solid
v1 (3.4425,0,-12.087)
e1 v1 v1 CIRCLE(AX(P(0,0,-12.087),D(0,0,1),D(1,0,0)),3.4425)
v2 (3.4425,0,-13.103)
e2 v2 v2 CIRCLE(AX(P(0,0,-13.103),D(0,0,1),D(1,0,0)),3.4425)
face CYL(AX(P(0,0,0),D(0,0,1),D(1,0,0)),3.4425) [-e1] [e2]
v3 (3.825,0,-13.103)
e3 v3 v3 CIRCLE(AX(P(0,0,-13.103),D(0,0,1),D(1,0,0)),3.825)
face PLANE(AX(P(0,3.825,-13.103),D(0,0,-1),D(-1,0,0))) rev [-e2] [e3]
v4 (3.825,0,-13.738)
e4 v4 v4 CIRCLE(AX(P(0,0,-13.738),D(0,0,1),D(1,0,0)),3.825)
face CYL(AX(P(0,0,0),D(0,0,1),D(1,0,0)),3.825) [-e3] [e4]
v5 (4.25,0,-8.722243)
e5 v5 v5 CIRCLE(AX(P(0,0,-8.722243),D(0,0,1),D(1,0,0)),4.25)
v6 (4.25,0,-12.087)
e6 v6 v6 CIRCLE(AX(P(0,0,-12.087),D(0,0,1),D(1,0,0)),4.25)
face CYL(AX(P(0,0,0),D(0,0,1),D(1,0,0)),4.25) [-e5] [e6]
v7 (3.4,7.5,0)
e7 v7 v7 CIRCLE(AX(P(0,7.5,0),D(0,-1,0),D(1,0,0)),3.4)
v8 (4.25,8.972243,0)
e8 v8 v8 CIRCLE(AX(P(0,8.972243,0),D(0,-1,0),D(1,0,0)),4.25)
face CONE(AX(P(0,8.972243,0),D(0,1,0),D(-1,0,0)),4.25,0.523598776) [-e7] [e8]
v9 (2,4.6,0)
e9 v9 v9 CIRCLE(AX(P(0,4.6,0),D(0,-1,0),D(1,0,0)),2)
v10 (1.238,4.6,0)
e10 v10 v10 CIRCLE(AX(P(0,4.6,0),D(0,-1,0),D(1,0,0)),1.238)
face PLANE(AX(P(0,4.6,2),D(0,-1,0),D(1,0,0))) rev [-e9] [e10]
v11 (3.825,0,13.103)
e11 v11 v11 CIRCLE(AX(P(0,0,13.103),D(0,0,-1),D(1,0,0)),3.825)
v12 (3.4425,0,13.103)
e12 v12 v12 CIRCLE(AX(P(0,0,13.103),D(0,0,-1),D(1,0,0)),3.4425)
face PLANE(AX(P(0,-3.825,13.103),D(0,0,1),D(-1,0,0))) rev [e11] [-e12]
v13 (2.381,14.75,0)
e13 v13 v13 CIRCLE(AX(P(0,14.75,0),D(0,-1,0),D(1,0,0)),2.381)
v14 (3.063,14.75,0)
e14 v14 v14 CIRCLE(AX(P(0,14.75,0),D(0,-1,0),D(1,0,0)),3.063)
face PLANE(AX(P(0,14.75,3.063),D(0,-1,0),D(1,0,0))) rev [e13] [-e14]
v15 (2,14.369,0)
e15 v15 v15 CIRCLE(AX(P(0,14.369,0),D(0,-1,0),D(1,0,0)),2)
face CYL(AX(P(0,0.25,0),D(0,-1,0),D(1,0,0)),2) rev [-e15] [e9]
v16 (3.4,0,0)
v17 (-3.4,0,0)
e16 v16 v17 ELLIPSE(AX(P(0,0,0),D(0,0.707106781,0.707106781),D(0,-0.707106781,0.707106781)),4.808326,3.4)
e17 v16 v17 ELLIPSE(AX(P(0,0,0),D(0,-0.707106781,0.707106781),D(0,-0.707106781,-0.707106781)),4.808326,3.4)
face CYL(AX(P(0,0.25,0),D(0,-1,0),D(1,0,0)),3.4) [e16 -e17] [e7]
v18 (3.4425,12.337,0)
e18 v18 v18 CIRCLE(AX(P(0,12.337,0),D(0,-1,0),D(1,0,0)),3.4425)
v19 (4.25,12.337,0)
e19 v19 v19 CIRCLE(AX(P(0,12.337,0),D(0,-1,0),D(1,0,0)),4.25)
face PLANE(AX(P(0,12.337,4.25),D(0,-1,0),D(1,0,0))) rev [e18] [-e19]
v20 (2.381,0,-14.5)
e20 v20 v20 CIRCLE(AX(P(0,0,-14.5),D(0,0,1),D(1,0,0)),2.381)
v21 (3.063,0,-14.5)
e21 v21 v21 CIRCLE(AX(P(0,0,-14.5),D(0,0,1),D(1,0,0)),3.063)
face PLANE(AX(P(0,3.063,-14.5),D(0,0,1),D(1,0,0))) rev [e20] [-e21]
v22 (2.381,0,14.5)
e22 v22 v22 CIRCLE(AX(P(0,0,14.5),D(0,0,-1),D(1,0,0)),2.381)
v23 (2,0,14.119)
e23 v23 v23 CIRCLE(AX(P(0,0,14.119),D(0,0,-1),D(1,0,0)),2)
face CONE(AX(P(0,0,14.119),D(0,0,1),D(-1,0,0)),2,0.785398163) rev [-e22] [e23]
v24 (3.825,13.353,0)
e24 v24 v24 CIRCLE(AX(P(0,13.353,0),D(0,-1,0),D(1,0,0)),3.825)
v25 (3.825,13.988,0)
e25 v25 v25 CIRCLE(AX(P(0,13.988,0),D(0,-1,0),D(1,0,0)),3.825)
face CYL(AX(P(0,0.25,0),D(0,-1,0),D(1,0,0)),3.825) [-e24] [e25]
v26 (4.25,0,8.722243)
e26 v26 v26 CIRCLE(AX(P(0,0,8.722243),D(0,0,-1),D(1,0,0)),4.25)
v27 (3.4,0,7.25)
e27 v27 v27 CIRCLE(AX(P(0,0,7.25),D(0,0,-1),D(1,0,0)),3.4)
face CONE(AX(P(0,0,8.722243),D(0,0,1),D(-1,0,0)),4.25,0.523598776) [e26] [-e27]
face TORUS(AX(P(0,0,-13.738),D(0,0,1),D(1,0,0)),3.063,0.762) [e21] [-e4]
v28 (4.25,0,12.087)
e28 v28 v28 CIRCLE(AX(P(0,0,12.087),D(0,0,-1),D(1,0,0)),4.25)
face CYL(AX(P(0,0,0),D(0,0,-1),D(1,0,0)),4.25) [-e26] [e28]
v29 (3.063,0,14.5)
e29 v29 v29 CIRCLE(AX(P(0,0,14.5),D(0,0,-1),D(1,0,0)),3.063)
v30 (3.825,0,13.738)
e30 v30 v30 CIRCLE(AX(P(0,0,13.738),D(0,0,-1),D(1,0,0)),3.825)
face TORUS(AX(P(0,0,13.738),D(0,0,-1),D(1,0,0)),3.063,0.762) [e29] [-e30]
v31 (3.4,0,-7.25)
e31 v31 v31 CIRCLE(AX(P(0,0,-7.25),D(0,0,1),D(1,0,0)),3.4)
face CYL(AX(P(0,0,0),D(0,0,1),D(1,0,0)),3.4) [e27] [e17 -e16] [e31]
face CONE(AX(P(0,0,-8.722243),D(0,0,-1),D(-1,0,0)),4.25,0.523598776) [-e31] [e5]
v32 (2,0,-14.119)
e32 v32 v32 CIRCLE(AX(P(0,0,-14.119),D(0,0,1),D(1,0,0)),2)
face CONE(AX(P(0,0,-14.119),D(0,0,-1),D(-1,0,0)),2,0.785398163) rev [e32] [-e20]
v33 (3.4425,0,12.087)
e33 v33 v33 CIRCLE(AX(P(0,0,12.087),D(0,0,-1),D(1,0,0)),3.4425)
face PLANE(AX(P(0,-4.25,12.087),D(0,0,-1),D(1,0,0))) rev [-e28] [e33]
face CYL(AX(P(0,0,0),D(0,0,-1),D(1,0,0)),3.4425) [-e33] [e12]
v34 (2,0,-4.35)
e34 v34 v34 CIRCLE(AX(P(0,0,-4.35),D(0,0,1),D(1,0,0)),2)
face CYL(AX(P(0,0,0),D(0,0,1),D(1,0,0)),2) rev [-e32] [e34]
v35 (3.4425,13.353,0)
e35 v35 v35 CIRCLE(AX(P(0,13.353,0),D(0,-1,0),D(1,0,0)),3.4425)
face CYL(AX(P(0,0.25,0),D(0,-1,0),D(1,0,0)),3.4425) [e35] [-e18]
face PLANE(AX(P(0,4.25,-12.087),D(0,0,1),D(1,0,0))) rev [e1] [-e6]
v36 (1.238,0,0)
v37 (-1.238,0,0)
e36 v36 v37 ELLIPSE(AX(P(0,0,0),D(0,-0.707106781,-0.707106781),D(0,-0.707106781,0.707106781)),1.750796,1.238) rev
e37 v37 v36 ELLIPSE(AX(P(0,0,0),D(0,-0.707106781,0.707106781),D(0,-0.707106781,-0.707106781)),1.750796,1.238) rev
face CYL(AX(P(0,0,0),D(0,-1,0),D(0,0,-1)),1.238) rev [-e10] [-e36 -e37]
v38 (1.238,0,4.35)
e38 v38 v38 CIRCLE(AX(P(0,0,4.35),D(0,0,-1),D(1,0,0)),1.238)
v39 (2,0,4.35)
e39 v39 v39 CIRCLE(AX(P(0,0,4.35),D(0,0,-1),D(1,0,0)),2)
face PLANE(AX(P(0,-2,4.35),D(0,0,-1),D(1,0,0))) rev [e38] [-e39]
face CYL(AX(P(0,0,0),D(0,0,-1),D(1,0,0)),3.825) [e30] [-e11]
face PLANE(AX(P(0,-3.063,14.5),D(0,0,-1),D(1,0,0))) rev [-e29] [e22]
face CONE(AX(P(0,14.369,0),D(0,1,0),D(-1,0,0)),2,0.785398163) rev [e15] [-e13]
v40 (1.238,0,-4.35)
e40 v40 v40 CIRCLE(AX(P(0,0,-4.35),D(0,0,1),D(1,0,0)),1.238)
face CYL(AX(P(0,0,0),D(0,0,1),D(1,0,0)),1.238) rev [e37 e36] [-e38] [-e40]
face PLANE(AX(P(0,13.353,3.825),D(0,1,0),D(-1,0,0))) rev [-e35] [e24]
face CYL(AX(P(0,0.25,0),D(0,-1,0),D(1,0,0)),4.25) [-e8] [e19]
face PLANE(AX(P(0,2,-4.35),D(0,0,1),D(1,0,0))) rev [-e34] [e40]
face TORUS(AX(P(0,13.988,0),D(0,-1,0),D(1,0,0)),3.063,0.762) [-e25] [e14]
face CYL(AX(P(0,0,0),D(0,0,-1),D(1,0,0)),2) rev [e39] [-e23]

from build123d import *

# Parameters (mm, degrees)
CIRPATTERN1_COUNT   = 3
CIRPATTERN1_ANGLE   = 180
SKETCH3_R           = 3.4
BOSS_EXTRUDE1_DEPTH = 0.25
CIRPATTERN2_COUNT   = 2
CIRPATTERN2_ANGLE   = 180


with BuildPart() as part:
    # Sketch1 → Revolve1 (revolve)
    with BuildSketch(Plane(origin=(0, 0, 0), x_dir=(0, 0, -1), z_dir=(1, 0, 0)), mode=Mode.PRIVATE) as revolve1_sk:
        with BuildLine():
            Line((13.103, 3.825), (13.738, 3.825))
            ThreePointArc((13.738, 3.825), (14.276815367, 3.601815367), (14.5, 3.063))
            Line((14.5, 3.063), (14.5, 2.381))
            Line((14.5, 2.381), (14.119, 2))
            Line((14.119, 2), (4.35, 2))
            Line((4.35, 2), (4.35, 1.238))
            Line((4.35, 1.238), (0, 1.238))
            Line((0, 1.238), (0, 3.4))
            Line((0, 3.4), (7.25, 3.4))
            Line((7.25, 3.4), (8.722243186, 4.25))
            Line((8.722243186, 4.25), (12.087, 4.25))
            Line((12.087, 4.25), (12.087, 3.4425))
            Line((12.087, 3.4425), (13.103, 3.4425))
            Line((13.103, 3.4425), (13.103, 3.825))
        make_face()
    revolve(revolve1_sk.sketch.rotate(Axis((0, 0, 0), (0, 0, -1)), 90), axis=Axis((0, 0, 0), (0, 0, -1)))


with BuildPart() as cirpattern1_1:
    # CirPattern1: pattern copy
    add(part.part.rotate(Axis((0, 0, 0), (1, 0, 0)), 1 * CIRPATTERN1_ANGLE / (CIRPATTERN1_COUNT - 1)))


with BuildPart() as cirpattern1_2:
    # CirPattern1: pattern copy
    add(part.part.rotate(Axis((0, 0, 0), (1, 0, 0)), 2 * CIRPATTERN1_ANGLE / (CIRPATTERN1_COUNT - 1)))


with BuildPart() as cirpattern1_1_1:
    # Body-Move/Copy1: moved
    add(cirpattern1_1.part.moved(Location((0, 0.25, 0))))

    # Sketch3 → Boss-Extrude1 (add)
    with BuildSketch(Plane(origin=(0, 0, 0), x_dir=(1, 0, 0), z_dir=(0, 1, 0))):
        Circle(SKETCH3_R)
    extrude(amount=BOSS_EXTRUDE1_DEPTH)


with BuildPart() as cut_revolve2_tool:
    # Sketch4 → Cut-Revolve2 (revolve)
    with BuildSketch(Plane(origin=(0, 0, 0), x_dir=(0, 0, -1), z_dir=(1, 0, 0))):
        Polygon((2, 14.369), (2.381, 14.75), (0, 14.75), (0, 0), (1.238, 0), (1.238, 4.6), (2, 4.6), align=None)
    revolve(axis=Axis((0, 0, 0), (0, 1, 0)))


with BuildPart() as part_1:
    add(part.part)

    # Cut-Revolve2: cut by cut_revolve2_tool
    add(cut_revolve2_tool.part, mode=Mode.SUBTRACT)


with BuildPart() as cirpattern1_1_2:
    add(cirpattern1_1_1.part)

    # Cut-Revolve2: cut by cut_revolve2_tool
    add(cut_revolve2_tool.part, mode=Mode.SUBTRACT)


with BuildPart() as cirpattern1_2_1:
    add(cirpattern1_2.part)

    # Cut-Revolve2: cut by cut_revolve2_tool
    add(cut_revolve2_tool.part, mode=Mode.SUBTRACT)


with BuildPart() as part_2:
    add(part_1.part)

    # Combine1: union CirPattern1_1, CirPattern1_2
    add(cirpattern1_1_2.part)
    add(cirpattern1_2_1.part)

    # Sketch5 → Cut-Revolve1 (revolve, cut)
    with BuildSketch(Plane(origin=(0, 0, 0), x_dir=(0, 0, -1), z_dir=(1, 0, 0)), mode=Mode.PRIVATE) as cut_revolve1_sk:
        Polygon((14.5, 2.381), (14.119, 2), (4.35, 2), (4.35, 1.238), (0, 1.238), (0, 0), (14.5, 0), align=None)
    cut_revolve1 = revolve(cut_revolve1_sk.sketch.rotate(Axis((0, 0, 0), (0, 0, -1)), 90), axis=Axis((0, 0, 0), (0, 0, -1)), mode=Mode.SUBTRACT)

    # CirPattern2: Cut-Revolve1 ×2 about axis
    cirpattern2_axis = Axis((-6.05, 0, 0), (1, 0, 0))
    for i in range(1, CIRPATTERN2_COUNT):
        add(cut_revolve1.rotate(cirpattern2_axis, i * CIRPATTERN2_ANGLE / (CIRPATTERN2_COUNT - 1)), mode=Mode.SUBTRACT)


solid = part_2.part
